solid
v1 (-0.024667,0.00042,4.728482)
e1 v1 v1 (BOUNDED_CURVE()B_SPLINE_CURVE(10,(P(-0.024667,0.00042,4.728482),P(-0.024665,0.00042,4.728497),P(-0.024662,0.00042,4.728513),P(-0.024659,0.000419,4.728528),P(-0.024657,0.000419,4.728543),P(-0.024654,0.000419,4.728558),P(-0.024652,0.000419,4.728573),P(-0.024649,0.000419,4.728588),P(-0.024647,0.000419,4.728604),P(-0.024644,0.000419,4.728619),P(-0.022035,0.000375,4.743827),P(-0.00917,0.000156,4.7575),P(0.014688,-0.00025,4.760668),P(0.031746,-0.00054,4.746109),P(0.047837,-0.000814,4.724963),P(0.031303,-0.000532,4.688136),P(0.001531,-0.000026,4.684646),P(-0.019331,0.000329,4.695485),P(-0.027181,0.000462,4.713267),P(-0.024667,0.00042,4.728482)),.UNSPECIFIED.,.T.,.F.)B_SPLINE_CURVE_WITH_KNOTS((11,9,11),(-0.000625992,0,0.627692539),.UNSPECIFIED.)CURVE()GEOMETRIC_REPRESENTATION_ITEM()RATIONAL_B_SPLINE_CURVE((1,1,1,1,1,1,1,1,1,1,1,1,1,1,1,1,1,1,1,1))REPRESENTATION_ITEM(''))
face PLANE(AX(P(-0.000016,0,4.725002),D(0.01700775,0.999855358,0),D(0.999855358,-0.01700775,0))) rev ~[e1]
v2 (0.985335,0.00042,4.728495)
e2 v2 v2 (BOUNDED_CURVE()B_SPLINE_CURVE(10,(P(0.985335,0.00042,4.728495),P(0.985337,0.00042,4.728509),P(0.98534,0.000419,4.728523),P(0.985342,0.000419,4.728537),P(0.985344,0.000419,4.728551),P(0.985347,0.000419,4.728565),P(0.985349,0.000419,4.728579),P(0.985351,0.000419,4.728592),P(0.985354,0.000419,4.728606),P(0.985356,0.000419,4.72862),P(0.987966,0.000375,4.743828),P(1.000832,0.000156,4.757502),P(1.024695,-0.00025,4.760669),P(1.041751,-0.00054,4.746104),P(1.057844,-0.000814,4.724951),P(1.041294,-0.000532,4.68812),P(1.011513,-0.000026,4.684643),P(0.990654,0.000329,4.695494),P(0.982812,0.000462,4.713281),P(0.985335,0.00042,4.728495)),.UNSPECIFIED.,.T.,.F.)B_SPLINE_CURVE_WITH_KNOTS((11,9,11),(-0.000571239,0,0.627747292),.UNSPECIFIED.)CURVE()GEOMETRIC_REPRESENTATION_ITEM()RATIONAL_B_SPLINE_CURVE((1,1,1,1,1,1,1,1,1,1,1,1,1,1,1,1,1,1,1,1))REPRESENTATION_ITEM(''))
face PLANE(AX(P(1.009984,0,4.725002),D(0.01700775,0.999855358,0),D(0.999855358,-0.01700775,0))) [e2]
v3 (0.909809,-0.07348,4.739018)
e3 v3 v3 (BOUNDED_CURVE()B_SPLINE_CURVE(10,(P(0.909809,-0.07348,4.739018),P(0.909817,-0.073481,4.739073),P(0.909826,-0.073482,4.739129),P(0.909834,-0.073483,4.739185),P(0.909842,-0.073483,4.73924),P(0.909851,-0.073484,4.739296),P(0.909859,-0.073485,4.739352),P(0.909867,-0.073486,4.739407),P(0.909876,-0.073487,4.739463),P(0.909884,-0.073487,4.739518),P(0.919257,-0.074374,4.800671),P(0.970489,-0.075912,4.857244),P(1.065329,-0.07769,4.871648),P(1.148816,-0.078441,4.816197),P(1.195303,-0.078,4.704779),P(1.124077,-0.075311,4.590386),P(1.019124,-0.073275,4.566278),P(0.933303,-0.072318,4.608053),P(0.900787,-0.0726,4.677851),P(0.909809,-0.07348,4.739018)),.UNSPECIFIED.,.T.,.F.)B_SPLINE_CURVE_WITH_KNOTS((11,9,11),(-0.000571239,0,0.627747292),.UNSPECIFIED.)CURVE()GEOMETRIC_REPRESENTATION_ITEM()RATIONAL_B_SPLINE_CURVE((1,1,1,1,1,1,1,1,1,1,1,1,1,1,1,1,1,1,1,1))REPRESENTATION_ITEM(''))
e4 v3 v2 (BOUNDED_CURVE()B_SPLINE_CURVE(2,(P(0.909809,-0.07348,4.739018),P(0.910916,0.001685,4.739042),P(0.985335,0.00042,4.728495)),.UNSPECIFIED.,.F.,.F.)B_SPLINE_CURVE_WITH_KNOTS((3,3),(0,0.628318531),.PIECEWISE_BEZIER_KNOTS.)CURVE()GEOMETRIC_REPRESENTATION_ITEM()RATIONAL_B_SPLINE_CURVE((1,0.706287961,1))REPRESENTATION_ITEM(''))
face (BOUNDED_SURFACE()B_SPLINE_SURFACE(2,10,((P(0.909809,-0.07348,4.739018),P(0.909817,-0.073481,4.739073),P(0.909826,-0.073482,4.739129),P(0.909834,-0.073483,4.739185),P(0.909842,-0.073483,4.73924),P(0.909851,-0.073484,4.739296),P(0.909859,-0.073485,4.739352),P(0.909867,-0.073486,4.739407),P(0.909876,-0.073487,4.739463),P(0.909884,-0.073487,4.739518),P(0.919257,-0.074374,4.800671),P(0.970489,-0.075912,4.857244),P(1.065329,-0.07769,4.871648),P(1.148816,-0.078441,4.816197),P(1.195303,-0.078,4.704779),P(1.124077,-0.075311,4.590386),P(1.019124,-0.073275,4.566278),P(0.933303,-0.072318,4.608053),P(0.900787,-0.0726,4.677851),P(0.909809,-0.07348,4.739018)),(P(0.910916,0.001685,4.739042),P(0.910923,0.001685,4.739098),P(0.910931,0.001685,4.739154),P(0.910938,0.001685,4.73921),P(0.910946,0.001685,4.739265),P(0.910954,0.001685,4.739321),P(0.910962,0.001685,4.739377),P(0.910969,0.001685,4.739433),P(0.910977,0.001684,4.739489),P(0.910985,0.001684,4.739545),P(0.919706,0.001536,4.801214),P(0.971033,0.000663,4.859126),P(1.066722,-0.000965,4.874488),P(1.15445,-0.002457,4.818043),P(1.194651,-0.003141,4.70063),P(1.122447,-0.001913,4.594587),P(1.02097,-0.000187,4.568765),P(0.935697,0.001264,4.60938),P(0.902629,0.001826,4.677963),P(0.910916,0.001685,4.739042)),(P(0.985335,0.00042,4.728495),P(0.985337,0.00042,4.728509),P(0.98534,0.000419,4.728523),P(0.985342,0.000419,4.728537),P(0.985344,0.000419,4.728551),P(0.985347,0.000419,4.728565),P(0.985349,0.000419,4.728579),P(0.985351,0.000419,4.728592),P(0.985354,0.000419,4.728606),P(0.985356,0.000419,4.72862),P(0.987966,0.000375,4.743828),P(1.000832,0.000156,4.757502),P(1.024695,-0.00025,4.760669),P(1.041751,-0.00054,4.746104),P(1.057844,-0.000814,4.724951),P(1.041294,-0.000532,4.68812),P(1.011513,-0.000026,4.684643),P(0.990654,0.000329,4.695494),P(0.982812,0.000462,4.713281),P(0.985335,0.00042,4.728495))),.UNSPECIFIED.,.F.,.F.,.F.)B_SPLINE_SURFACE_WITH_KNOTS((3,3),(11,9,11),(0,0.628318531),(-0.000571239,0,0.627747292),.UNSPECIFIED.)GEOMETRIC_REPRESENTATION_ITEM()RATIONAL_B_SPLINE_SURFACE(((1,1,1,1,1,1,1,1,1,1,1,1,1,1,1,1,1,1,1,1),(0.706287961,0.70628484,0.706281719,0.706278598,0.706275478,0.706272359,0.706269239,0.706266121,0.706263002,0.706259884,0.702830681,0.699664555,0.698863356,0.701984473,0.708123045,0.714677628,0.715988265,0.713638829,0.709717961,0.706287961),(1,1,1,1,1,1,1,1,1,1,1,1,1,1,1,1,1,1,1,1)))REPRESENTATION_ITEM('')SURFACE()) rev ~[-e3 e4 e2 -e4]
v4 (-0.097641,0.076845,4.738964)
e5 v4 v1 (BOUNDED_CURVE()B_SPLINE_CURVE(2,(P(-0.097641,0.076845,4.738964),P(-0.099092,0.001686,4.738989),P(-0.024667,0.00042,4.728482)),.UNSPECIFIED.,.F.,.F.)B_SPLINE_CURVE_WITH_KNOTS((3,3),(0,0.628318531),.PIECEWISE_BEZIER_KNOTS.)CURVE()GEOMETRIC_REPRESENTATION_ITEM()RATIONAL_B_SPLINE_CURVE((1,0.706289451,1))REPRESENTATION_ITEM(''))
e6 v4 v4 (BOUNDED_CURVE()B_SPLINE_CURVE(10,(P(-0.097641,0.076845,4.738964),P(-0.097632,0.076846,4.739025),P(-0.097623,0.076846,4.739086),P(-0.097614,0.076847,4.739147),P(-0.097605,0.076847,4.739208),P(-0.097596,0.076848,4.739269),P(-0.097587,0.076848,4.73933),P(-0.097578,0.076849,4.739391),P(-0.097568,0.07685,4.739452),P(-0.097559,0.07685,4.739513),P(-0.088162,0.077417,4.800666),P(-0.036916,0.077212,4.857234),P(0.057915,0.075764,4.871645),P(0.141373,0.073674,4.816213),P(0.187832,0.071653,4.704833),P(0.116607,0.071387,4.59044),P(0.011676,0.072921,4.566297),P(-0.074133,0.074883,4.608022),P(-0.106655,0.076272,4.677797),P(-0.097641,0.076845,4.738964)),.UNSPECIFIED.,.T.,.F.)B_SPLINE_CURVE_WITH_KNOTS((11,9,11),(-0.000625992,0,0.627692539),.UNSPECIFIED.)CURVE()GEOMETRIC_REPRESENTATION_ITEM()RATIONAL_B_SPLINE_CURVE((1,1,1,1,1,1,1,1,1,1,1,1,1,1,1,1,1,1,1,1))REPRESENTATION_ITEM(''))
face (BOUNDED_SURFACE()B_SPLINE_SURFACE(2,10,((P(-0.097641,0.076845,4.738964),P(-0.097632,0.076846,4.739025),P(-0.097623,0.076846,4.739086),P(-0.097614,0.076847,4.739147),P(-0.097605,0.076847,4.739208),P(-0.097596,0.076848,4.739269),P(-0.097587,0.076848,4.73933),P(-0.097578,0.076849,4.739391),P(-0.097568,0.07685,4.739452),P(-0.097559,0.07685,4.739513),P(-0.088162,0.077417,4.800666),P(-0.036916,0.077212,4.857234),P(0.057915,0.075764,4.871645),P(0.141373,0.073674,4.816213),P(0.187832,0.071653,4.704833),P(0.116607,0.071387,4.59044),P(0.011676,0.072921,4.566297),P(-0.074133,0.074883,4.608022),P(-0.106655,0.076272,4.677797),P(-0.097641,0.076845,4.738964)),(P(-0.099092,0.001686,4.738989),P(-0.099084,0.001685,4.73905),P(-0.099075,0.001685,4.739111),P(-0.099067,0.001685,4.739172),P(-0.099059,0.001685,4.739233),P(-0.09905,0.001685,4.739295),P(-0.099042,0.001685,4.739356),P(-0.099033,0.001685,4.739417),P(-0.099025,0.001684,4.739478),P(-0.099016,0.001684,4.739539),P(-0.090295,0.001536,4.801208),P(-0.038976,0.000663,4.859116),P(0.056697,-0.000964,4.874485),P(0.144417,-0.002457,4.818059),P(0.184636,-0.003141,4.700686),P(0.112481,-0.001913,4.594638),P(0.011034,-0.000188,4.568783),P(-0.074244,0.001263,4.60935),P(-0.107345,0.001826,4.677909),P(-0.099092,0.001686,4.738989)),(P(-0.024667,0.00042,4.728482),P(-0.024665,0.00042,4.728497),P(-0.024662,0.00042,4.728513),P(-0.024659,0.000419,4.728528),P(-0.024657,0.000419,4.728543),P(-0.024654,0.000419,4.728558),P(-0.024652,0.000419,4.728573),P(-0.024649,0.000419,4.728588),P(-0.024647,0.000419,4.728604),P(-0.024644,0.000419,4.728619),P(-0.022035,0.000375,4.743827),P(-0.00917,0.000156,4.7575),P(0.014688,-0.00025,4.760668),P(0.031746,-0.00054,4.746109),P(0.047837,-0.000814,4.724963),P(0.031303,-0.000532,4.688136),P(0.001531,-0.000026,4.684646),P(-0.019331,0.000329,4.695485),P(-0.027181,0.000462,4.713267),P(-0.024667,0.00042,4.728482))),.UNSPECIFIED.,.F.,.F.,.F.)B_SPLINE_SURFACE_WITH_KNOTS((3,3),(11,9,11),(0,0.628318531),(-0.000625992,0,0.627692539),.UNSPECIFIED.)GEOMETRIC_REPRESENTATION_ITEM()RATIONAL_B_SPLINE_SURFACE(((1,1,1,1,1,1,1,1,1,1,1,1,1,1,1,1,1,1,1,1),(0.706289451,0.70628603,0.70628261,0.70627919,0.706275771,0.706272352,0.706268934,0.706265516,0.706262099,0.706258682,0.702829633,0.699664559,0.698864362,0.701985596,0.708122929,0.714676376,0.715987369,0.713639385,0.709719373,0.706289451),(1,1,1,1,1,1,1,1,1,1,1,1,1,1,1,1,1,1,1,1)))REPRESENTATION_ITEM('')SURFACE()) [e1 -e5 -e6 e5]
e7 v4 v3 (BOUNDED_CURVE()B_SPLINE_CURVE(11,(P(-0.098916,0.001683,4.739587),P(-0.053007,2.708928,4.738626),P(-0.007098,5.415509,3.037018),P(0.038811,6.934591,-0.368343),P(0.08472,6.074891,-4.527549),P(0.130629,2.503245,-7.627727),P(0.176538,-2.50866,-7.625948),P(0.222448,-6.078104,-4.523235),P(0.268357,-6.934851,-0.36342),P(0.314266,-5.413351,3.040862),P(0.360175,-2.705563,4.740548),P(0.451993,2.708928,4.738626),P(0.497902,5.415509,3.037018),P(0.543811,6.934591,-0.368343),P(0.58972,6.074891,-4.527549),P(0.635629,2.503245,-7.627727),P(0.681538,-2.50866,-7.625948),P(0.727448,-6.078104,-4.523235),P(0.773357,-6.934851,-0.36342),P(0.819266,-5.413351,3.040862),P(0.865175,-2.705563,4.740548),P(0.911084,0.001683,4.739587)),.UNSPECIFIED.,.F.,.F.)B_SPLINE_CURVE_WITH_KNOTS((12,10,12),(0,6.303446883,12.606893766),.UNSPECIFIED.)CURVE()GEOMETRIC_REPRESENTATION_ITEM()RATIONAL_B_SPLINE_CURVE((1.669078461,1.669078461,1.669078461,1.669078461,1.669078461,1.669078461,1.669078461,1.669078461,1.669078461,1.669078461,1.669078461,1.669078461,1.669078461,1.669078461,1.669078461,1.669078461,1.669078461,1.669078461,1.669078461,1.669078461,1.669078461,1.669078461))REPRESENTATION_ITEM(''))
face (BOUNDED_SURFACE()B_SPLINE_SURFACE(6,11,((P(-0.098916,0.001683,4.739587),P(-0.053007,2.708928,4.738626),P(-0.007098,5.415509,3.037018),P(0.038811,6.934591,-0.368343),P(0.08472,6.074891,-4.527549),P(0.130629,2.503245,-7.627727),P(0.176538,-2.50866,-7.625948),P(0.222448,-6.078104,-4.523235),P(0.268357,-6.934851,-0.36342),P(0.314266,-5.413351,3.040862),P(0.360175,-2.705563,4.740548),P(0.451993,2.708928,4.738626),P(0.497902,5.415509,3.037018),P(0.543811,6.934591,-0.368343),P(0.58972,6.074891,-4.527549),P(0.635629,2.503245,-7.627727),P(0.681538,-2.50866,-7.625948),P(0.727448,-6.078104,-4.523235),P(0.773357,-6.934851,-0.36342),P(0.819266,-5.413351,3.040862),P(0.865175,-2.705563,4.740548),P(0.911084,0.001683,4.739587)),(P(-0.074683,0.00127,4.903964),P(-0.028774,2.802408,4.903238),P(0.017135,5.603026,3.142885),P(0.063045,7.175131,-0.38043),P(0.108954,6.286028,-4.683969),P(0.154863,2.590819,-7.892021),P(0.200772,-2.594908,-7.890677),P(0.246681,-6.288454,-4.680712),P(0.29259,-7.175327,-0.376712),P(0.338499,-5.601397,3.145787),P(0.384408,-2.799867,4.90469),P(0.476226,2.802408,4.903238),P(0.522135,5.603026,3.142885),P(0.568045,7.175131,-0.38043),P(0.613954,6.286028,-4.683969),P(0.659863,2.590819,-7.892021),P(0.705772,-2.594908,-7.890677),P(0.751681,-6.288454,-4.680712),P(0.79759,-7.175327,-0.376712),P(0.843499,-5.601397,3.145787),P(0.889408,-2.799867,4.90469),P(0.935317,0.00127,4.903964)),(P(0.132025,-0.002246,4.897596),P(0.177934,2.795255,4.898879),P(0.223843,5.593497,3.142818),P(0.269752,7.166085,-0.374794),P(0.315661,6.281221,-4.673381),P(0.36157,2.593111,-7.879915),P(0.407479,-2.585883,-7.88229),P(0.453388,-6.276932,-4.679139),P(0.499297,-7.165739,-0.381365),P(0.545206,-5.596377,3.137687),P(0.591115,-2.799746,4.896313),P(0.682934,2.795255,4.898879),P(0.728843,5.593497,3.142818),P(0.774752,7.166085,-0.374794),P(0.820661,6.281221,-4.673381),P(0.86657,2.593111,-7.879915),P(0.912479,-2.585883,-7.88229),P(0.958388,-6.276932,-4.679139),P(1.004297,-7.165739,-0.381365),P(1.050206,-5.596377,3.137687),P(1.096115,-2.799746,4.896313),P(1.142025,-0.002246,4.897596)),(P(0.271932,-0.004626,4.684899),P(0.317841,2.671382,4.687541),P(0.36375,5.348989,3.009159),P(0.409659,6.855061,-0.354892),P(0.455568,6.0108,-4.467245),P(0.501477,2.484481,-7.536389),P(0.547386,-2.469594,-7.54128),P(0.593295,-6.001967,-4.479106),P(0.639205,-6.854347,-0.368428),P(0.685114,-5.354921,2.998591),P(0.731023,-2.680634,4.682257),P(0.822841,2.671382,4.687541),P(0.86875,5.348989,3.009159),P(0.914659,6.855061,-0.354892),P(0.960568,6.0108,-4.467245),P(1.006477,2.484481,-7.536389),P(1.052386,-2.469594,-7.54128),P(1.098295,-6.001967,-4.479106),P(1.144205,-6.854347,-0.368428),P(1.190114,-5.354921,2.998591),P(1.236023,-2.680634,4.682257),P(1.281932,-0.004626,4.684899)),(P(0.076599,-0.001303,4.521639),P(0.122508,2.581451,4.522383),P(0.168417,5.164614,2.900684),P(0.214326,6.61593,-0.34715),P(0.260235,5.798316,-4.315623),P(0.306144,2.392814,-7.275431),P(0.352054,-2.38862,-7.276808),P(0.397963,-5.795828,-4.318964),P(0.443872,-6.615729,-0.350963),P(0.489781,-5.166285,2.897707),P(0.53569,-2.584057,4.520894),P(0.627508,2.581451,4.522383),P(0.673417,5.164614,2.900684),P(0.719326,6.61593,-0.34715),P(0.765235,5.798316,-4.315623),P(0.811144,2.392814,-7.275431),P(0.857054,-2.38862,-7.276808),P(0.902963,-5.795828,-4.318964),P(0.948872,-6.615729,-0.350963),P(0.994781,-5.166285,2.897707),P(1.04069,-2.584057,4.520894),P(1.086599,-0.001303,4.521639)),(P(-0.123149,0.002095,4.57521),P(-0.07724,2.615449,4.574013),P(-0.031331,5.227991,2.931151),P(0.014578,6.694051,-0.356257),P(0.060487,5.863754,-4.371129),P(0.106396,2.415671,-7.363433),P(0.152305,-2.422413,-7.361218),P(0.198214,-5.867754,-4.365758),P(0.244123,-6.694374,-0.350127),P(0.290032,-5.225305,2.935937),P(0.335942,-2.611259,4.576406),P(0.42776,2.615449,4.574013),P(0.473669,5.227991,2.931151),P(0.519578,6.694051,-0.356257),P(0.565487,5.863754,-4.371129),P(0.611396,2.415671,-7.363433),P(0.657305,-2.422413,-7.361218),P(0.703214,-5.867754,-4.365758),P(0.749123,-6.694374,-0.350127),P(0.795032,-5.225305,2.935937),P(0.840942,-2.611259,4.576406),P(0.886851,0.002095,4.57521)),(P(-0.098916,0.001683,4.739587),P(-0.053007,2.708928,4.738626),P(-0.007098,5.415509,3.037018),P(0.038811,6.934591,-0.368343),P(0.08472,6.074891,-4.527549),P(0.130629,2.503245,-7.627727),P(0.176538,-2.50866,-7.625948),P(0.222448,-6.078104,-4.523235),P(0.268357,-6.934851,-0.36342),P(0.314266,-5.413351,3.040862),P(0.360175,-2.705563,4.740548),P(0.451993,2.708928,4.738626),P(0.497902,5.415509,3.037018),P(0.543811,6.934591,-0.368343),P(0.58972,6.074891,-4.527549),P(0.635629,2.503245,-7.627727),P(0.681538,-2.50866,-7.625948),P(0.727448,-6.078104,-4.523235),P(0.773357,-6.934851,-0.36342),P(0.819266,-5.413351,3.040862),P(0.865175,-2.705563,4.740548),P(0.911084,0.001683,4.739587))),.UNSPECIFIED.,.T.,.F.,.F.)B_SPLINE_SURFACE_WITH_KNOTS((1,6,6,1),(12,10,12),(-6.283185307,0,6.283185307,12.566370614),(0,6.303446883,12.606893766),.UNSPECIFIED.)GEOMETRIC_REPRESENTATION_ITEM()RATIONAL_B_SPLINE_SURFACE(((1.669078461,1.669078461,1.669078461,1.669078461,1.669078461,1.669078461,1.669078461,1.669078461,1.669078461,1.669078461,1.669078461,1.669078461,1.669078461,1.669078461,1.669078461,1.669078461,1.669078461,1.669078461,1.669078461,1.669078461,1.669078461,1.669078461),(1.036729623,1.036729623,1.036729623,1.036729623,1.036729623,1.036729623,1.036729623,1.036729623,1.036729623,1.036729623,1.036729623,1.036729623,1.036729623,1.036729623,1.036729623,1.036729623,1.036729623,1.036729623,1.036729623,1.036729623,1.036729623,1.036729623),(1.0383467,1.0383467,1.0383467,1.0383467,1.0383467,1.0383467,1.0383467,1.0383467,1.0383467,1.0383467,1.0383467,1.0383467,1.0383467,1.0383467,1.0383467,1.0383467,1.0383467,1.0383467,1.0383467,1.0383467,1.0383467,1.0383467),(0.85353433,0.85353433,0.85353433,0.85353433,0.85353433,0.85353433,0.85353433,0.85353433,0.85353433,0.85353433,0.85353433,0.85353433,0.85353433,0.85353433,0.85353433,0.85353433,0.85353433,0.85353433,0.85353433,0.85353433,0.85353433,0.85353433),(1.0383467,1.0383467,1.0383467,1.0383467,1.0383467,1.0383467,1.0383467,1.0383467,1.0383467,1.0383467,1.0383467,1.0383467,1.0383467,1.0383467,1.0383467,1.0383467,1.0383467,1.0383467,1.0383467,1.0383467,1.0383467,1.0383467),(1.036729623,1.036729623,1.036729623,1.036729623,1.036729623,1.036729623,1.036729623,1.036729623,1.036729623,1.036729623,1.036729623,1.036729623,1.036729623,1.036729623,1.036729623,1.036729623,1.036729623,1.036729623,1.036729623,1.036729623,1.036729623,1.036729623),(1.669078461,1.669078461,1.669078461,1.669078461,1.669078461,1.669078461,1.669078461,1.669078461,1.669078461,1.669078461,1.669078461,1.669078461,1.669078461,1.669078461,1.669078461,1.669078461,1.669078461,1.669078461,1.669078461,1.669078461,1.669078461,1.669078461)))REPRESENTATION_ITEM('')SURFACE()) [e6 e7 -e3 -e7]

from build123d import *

# Parameters (mm, degrees)
SWEEP1_PITCH  = 0.505
SWEEP1_HEIGHT = 1.01
SWEEP1_RADIUS = 4.725
SKETCH2_R     = 0.1
FILLET1_R     = 0.075


with BuildPart() as part:
    # Sweep1: sweep along a helix
    with BuildLine() as sweep1_path:
        Helix(SWEEP1_PITCH, SWEEP1_HEIGHT, SWEEP1_RADIUS, center=(0, 0, 0), direction=(1, 0, 0), lefthand=True)
    # Sketch2 → Sweep1 (sweep)
    with BuildSketch(Plane(origin=(1.01, 0, 4.725), x_dir=(-0.989160768, 0.016825833, 0.145869349), z_dir=(0.01700775, 0.999855358, 0))):
        Circle(SKETCH2_R)
    sweep(path=sweep1_path.line, is_frenet=True)

    # Fillet1
    fillet1_edges = [part.edges().sort_by_distance(p)[0] for p in [
        (0.098916077, -0.001682583, 4.710413065),
        (1.108916077, -0.001682583, 4.710413065),
    ]]
    fillet(fillet1_edges, radius=FILLET1_R)


solid = part.part
